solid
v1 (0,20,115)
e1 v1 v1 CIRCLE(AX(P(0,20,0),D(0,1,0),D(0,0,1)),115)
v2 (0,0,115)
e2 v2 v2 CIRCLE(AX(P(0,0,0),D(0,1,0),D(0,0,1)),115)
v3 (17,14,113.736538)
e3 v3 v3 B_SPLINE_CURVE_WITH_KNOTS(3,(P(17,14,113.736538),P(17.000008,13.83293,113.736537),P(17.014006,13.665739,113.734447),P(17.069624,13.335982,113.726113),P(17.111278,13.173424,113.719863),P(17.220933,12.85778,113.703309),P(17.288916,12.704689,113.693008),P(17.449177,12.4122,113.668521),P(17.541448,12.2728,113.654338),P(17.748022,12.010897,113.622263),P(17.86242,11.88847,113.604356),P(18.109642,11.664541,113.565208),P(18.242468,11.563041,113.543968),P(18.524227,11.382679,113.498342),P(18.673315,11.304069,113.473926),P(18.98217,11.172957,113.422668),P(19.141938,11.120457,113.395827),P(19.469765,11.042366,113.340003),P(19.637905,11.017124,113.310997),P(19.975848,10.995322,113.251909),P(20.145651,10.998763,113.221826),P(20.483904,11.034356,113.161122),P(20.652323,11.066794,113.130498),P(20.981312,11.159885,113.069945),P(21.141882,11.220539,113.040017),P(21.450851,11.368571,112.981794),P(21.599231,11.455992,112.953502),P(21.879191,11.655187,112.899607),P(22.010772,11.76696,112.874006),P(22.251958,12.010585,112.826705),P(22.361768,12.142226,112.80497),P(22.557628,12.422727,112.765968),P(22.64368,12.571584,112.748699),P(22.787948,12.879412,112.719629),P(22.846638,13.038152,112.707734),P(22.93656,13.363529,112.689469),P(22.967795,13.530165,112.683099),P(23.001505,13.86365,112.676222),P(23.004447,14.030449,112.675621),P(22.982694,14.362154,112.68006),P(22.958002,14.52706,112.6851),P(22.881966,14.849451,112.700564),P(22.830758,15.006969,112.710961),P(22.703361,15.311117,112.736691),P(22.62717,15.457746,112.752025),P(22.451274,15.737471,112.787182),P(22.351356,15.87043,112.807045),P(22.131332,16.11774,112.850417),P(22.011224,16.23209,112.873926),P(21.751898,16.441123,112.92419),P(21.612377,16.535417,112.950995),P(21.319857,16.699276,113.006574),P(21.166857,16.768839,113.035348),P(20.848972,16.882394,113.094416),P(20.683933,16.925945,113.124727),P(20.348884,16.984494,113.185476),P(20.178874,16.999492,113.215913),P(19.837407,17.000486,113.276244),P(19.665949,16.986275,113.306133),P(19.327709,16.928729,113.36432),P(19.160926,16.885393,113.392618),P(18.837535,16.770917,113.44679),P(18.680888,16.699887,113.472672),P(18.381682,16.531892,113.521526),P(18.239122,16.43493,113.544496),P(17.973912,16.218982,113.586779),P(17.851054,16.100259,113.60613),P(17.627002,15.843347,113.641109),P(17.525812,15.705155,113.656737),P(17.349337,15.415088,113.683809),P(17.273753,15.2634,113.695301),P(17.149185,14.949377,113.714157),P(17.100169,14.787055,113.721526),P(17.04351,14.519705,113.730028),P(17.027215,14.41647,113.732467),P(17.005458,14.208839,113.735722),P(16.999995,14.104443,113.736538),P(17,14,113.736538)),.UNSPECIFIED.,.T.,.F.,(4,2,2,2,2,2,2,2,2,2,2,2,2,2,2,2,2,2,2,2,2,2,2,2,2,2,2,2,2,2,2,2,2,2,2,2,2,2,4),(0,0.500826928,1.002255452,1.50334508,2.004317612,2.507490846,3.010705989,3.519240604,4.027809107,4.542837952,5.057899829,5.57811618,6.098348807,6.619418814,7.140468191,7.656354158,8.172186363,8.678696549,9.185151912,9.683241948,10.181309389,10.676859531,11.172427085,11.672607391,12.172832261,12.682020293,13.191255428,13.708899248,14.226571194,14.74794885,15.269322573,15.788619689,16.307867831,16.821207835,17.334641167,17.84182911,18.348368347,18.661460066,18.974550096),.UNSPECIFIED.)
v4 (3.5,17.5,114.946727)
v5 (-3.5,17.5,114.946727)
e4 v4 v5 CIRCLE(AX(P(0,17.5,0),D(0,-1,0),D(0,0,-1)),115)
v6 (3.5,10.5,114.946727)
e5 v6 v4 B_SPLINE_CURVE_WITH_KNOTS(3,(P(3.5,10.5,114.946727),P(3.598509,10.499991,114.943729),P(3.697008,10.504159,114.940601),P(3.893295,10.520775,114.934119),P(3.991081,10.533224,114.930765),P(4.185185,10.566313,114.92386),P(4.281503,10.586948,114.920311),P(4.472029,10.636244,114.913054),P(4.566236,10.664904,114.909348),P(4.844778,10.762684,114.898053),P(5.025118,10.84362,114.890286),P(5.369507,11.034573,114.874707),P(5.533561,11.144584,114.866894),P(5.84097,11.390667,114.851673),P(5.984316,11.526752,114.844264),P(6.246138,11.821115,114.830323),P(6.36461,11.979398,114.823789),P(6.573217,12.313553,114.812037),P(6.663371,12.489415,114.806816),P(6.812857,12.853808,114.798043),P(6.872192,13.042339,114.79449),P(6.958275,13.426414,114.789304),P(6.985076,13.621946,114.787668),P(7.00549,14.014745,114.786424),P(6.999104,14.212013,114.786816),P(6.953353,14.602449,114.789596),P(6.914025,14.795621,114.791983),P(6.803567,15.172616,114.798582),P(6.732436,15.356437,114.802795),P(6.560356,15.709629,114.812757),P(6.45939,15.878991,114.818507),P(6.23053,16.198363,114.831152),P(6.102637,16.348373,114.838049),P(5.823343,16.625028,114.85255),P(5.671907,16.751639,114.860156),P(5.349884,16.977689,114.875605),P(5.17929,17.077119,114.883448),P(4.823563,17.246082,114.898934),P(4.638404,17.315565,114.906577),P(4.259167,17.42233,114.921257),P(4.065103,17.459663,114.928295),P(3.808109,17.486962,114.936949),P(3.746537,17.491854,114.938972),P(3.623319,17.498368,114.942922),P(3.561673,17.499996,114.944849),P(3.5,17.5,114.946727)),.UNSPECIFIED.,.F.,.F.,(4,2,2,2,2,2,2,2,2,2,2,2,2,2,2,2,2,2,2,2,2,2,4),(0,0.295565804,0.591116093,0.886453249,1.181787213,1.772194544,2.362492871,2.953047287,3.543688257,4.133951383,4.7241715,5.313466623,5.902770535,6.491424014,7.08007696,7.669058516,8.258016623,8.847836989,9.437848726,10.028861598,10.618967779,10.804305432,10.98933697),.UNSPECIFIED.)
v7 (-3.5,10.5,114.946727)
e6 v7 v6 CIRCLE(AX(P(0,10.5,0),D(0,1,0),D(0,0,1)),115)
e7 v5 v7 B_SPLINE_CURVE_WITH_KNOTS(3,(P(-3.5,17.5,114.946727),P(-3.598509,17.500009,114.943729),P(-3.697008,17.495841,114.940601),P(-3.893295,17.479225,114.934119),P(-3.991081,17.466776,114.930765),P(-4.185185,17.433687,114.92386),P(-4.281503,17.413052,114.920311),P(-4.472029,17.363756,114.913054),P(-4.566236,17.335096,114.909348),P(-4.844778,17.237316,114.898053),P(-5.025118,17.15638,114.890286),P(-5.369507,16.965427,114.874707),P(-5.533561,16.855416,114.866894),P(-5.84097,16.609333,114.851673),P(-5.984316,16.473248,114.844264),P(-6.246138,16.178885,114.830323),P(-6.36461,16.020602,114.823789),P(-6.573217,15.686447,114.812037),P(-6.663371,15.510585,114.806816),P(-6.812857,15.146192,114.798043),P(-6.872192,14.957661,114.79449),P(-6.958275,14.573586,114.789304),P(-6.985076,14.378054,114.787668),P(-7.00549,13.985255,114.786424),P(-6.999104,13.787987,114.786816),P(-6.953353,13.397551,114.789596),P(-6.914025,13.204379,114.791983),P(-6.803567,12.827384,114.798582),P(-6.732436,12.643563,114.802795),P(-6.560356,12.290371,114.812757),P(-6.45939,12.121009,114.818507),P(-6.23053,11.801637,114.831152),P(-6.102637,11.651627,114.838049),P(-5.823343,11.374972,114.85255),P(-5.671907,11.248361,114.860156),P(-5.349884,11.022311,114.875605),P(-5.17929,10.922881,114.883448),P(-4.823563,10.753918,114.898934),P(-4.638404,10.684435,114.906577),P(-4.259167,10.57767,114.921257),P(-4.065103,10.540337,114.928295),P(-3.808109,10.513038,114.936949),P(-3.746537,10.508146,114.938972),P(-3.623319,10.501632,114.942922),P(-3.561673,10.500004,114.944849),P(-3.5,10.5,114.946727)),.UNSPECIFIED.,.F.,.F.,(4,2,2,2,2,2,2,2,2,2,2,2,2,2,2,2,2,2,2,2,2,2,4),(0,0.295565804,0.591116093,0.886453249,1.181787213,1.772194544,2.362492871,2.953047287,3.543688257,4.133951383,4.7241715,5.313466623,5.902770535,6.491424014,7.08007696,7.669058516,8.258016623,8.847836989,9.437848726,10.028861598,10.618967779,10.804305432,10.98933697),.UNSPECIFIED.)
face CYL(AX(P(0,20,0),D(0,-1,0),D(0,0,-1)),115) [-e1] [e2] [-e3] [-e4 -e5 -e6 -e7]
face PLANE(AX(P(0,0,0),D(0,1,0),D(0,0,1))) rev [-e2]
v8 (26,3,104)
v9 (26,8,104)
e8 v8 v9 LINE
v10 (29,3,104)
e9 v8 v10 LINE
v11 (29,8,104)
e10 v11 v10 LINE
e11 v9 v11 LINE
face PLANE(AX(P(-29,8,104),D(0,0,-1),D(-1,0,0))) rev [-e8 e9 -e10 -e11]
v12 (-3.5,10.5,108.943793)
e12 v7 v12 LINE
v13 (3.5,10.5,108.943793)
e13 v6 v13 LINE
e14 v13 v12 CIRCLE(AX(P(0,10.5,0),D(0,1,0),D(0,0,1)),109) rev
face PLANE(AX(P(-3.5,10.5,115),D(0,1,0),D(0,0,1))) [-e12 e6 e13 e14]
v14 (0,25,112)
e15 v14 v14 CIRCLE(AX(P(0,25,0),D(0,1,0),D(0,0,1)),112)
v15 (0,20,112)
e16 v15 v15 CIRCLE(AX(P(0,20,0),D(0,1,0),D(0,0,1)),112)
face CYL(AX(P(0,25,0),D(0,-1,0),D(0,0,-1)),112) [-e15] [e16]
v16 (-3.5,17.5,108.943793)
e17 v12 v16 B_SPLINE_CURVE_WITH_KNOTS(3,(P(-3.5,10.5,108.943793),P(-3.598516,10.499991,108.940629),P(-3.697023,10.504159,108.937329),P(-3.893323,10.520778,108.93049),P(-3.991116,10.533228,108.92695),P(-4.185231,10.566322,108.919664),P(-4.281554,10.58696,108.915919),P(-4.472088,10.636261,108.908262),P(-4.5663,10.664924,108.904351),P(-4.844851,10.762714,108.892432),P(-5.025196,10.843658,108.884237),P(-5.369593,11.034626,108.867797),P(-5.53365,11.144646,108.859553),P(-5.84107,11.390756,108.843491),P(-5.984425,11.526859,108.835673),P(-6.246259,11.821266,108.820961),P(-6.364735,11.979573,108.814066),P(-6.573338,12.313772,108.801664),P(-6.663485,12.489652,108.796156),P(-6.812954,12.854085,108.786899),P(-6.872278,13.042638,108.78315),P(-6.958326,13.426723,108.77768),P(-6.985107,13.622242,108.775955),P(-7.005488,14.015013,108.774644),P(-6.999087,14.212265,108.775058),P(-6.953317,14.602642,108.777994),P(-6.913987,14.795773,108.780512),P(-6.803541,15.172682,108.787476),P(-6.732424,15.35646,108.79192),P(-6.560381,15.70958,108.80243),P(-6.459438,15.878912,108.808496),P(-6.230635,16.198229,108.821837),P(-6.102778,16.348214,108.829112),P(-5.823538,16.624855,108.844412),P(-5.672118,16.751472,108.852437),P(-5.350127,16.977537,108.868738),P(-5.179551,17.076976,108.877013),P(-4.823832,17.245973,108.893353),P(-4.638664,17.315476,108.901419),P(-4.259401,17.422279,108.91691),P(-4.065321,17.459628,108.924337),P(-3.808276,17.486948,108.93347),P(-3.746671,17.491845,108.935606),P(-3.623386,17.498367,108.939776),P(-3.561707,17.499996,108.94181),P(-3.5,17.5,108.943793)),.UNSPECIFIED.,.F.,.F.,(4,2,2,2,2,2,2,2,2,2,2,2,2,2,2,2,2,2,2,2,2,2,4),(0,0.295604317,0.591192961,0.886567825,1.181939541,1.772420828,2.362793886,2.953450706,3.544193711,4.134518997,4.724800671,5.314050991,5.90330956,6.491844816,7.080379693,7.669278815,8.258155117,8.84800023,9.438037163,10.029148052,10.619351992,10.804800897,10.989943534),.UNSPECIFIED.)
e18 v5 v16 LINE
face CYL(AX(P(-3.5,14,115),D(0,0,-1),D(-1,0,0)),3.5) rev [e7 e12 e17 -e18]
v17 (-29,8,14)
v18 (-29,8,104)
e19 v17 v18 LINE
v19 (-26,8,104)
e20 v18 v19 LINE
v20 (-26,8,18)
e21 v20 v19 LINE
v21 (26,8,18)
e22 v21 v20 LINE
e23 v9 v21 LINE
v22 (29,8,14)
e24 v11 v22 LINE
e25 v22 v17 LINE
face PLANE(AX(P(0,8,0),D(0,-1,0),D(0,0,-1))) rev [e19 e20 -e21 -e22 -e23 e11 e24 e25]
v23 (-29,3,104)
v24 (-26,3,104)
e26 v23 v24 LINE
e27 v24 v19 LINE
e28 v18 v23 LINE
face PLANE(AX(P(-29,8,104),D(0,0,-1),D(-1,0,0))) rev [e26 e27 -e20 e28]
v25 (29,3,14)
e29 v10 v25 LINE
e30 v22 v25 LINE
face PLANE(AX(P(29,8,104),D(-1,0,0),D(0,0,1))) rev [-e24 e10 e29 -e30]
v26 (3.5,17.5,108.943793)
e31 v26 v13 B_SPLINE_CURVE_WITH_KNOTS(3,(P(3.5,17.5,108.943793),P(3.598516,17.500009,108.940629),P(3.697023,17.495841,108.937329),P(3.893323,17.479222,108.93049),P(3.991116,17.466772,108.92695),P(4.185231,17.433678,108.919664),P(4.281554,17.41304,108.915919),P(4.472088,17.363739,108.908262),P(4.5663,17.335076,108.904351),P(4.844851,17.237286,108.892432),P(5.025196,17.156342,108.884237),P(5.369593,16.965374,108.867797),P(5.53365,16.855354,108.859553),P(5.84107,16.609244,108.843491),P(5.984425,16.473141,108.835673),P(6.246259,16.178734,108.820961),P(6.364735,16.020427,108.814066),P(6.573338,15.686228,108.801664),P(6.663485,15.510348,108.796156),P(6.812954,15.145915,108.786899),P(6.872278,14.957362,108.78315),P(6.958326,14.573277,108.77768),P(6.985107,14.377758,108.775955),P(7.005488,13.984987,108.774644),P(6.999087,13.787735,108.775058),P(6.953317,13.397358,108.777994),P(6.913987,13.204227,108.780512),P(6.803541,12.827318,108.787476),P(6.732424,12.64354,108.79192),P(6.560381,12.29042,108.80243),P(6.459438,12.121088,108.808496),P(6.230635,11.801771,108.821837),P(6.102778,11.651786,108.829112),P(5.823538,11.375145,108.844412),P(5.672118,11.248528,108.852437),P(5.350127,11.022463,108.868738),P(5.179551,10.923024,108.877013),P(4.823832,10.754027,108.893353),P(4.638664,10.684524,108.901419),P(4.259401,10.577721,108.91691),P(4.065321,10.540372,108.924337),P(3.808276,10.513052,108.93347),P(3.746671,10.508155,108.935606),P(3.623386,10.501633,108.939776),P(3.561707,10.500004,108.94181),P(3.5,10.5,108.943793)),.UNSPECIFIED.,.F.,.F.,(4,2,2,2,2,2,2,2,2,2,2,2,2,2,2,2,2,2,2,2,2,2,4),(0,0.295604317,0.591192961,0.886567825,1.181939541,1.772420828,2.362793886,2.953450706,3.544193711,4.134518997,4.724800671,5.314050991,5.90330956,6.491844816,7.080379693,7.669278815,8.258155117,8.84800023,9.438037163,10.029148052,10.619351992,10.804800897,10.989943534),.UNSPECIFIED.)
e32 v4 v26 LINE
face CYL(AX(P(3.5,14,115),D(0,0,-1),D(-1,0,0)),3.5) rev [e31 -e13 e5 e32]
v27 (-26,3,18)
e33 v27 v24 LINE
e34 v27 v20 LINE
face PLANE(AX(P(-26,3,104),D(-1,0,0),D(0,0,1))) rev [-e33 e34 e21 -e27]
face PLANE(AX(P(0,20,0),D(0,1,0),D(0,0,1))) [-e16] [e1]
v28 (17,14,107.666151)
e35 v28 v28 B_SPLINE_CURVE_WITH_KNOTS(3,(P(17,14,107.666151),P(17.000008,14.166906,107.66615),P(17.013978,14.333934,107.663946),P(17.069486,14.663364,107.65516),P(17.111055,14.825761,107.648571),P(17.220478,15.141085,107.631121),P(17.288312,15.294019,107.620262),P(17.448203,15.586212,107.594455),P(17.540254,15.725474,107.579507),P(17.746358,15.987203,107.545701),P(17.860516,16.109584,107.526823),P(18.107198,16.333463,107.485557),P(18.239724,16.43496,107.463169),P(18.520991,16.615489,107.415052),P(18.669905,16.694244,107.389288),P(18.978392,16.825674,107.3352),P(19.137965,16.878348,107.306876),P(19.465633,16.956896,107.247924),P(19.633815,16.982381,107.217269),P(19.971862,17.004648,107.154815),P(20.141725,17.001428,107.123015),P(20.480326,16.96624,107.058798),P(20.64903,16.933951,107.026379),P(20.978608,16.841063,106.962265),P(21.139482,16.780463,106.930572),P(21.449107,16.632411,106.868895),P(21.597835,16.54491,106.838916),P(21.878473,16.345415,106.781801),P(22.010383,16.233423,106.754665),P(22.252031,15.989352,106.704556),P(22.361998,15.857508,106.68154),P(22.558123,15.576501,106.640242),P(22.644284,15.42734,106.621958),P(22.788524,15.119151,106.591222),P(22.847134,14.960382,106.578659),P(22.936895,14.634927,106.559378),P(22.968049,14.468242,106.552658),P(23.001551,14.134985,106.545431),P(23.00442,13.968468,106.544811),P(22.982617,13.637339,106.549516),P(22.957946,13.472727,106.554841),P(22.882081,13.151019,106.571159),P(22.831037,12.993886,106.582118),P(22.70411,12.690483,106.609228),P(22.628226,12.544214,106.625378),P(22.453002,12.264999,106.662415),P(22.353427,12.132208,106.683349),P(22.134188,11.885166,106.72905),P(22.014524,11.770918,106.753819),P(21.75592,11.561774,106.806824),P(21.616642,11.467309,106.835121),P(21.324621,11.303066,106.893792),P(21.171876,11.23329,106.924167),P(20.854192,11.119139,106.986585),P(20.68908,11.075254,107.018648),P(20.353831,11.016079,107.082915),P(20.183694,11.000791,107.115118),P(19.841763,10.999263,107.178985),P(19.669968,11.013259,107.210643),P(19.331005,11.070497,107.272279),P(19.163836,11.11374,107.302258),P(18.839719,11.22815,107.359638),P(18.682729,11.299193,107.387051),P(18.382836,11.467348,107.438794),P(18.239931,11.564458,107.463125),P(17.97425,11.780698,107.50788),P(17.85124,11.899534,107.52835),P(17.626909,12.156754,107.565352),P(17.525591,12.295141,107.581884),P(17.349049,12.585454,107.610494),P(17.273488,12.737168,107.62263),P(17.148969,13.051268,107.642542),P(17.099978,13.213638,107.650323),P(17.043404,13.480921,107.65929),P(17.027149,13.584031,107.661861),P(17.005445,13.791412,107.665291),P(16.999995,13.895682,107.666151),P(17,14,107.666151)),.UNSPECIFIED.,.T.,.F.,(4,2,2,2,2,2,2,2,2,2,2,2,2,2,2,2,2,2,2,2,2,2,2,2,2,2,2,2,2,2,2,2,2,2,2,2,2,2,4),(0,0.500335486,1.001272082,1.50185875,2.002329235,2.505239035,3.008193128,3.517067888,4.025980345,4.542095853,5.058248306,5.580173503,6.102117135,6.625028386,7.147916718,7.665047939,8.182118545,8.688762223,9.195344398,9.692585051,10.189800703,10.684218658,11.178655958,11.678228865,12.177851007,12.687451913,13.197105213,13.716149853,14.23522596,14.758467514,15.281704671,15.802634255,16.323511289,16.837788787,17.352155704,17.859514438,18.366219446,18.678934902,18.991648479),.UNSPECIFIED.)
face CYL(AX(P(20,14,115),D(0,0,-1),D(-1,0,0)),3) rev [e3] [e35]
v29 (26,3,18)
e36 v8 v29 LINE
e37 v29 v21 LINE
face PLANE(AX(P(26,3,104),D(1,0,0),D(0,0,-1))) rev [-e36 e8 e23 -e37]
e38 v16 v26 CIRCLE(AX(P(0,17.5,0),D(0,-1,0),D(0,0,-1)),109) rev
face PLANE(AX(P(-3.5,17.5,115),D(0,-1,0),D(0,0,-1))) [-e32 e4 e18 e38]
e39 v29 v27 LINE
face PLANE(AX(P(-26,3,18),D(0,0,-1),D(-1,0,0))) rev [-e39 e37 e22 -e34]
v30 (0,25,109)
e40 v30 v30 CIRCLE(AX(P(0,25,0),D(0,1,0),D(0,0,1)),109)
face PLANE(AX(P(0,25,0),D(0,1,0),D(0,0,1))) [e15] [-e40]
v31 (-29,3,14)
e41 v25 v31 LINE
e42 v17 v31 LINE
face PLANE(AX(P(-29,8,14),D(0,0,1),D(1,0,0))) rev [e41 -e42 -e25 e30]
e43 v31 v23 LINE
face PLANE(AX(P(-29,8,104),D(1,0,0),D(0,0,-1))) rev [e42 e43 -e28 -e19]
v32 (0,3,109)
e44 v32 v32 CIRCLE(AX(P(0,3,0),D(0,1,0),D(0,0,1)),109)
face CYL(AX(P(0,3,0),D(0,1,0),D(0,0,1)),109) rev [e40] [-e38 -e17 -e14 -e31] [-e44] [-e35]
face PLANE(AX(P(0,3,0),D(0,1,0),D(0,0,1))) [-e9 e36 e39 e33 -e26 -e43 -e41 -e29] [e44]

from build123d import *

# Parameters (mm, degrees)
SKETCH2_R           = 115
BOSS_EXTRUDE1_DEPTH = 20
SKETCH3_R           = 112
BOSS_EXTRUDE5_DEPTH = 5
SKETCH6_R           = 109
CUT_EXTRUDE2_DEPTH  = 22
SKETCH9_W           = 58
SKETCH9_H           = 90
BOSS_EXTRUDE9_DEPTH = 5
SKETCH10_W          = 52
SKETCH10_H          = 86
CUT_EXTRUDE3_DEPTH  = 5
CUT_EXTRUDE4_DEPTH  = 165.544826719
SKETCH13_R          = 3
CUT_EXTRUDE5_DEPTH  = 165.544826874


with BuildPart() as part:
    # Sketch2 → Boss-Extrude1 (new body)
    with BuildSketch(Plane(origin=(0, 0, 0), x_dir=(1, 0, 0), z_dir=(0, 1, 0))):
        with Locations(Location((0, 0, 0), (0, 0, 270))):
            Circle(SKETCH2_R)
    extrude(amount=BOSS_EXTRUDE1_DEPTH)

    # Sketch3 → Boss-Extrude5 (add)
    with BuildSketch(Plane(origin=(0, 20, 0), x_dir=(1, 0, 0), z_dir=(0, 1, 0))):
        with Locations(Location((0, 0, 0), (0, 0, 270))):
            Circle(SKETCH3_R)
    extrude(amount=BOSS_EXTRUDE5_DEPTH)

    # Sketch6 → Cut-Extrude2 (cut)
    with BuildSketch(Plane(origin=(0, 25, 0), x_dir=(1, 0, 0), z_dir=(0, 1, 0))):
        with Locations(Location((0, 0, 0), (0, 0, 270))):
            Circle(SKETCH6_R)
    extrude(amount=-CUT_EXTRUDE2_DEPTH, mode=Mode.SUBTRACT)

    # Sketch9 → Boss-Extrude9 (add)
    with BuildSketch(Plane(origin=(0, 3, 0), x_dir=(1, 0, 0), z_dir=(0, 1, 0))):
        with Locations((0, -59)):
            Rectangle(SKETCH9_W, SKETCH9_H)
    extrude(amount=BOSS_EXTRUDE9_DEPTH)

    # Sketch10 → Cut-Extrude3 (cut)
    with BuildSketch(Plane(origin=(0, 8, 0), x_dir=(1, 0, 0), z_dir=(0, 1, 0))):
        with Locations((0, -61)):
            Rectangle(SKETCH10_W, SKETCH10_H)
    extrude(amount=-CUT_EXTRUDE3_DEPTH, mode=Mode.SUBTRACT)

    # Sketch12 → Cut-Extrude4 (cut, through all)
    with BuildSketch(Plane.XY):
        with BuildLine():
            Line((-3.5, 17.5), (3.5, 17.5))
            ThreePointArc((3.5, 17.5), (7, 14), (3.5, 10.5))
            Line((3.5, 10.5), (-3.5, 10.5))
            ThreePointArc((-3.5, 10.5), (-7, 14), (-3.5, 17.5))
        make_face()
    extrude(amount=CUT_EXTRUDE4_DEPTH, mode=Mode.SUBTRACT)

    # Sketch13 → Cut-Extrude5 (cut, through all)
    with BuildSketch(Plane.XY):
        with Locations(Location((20, 14, 0), (0, 0, 180))):
            Circle(SKETCH13_R)
    extrude(amount=CUT_EXTRUDE5_DEPTH, mode=Mode.SUBTRACT)


solid = part.part
